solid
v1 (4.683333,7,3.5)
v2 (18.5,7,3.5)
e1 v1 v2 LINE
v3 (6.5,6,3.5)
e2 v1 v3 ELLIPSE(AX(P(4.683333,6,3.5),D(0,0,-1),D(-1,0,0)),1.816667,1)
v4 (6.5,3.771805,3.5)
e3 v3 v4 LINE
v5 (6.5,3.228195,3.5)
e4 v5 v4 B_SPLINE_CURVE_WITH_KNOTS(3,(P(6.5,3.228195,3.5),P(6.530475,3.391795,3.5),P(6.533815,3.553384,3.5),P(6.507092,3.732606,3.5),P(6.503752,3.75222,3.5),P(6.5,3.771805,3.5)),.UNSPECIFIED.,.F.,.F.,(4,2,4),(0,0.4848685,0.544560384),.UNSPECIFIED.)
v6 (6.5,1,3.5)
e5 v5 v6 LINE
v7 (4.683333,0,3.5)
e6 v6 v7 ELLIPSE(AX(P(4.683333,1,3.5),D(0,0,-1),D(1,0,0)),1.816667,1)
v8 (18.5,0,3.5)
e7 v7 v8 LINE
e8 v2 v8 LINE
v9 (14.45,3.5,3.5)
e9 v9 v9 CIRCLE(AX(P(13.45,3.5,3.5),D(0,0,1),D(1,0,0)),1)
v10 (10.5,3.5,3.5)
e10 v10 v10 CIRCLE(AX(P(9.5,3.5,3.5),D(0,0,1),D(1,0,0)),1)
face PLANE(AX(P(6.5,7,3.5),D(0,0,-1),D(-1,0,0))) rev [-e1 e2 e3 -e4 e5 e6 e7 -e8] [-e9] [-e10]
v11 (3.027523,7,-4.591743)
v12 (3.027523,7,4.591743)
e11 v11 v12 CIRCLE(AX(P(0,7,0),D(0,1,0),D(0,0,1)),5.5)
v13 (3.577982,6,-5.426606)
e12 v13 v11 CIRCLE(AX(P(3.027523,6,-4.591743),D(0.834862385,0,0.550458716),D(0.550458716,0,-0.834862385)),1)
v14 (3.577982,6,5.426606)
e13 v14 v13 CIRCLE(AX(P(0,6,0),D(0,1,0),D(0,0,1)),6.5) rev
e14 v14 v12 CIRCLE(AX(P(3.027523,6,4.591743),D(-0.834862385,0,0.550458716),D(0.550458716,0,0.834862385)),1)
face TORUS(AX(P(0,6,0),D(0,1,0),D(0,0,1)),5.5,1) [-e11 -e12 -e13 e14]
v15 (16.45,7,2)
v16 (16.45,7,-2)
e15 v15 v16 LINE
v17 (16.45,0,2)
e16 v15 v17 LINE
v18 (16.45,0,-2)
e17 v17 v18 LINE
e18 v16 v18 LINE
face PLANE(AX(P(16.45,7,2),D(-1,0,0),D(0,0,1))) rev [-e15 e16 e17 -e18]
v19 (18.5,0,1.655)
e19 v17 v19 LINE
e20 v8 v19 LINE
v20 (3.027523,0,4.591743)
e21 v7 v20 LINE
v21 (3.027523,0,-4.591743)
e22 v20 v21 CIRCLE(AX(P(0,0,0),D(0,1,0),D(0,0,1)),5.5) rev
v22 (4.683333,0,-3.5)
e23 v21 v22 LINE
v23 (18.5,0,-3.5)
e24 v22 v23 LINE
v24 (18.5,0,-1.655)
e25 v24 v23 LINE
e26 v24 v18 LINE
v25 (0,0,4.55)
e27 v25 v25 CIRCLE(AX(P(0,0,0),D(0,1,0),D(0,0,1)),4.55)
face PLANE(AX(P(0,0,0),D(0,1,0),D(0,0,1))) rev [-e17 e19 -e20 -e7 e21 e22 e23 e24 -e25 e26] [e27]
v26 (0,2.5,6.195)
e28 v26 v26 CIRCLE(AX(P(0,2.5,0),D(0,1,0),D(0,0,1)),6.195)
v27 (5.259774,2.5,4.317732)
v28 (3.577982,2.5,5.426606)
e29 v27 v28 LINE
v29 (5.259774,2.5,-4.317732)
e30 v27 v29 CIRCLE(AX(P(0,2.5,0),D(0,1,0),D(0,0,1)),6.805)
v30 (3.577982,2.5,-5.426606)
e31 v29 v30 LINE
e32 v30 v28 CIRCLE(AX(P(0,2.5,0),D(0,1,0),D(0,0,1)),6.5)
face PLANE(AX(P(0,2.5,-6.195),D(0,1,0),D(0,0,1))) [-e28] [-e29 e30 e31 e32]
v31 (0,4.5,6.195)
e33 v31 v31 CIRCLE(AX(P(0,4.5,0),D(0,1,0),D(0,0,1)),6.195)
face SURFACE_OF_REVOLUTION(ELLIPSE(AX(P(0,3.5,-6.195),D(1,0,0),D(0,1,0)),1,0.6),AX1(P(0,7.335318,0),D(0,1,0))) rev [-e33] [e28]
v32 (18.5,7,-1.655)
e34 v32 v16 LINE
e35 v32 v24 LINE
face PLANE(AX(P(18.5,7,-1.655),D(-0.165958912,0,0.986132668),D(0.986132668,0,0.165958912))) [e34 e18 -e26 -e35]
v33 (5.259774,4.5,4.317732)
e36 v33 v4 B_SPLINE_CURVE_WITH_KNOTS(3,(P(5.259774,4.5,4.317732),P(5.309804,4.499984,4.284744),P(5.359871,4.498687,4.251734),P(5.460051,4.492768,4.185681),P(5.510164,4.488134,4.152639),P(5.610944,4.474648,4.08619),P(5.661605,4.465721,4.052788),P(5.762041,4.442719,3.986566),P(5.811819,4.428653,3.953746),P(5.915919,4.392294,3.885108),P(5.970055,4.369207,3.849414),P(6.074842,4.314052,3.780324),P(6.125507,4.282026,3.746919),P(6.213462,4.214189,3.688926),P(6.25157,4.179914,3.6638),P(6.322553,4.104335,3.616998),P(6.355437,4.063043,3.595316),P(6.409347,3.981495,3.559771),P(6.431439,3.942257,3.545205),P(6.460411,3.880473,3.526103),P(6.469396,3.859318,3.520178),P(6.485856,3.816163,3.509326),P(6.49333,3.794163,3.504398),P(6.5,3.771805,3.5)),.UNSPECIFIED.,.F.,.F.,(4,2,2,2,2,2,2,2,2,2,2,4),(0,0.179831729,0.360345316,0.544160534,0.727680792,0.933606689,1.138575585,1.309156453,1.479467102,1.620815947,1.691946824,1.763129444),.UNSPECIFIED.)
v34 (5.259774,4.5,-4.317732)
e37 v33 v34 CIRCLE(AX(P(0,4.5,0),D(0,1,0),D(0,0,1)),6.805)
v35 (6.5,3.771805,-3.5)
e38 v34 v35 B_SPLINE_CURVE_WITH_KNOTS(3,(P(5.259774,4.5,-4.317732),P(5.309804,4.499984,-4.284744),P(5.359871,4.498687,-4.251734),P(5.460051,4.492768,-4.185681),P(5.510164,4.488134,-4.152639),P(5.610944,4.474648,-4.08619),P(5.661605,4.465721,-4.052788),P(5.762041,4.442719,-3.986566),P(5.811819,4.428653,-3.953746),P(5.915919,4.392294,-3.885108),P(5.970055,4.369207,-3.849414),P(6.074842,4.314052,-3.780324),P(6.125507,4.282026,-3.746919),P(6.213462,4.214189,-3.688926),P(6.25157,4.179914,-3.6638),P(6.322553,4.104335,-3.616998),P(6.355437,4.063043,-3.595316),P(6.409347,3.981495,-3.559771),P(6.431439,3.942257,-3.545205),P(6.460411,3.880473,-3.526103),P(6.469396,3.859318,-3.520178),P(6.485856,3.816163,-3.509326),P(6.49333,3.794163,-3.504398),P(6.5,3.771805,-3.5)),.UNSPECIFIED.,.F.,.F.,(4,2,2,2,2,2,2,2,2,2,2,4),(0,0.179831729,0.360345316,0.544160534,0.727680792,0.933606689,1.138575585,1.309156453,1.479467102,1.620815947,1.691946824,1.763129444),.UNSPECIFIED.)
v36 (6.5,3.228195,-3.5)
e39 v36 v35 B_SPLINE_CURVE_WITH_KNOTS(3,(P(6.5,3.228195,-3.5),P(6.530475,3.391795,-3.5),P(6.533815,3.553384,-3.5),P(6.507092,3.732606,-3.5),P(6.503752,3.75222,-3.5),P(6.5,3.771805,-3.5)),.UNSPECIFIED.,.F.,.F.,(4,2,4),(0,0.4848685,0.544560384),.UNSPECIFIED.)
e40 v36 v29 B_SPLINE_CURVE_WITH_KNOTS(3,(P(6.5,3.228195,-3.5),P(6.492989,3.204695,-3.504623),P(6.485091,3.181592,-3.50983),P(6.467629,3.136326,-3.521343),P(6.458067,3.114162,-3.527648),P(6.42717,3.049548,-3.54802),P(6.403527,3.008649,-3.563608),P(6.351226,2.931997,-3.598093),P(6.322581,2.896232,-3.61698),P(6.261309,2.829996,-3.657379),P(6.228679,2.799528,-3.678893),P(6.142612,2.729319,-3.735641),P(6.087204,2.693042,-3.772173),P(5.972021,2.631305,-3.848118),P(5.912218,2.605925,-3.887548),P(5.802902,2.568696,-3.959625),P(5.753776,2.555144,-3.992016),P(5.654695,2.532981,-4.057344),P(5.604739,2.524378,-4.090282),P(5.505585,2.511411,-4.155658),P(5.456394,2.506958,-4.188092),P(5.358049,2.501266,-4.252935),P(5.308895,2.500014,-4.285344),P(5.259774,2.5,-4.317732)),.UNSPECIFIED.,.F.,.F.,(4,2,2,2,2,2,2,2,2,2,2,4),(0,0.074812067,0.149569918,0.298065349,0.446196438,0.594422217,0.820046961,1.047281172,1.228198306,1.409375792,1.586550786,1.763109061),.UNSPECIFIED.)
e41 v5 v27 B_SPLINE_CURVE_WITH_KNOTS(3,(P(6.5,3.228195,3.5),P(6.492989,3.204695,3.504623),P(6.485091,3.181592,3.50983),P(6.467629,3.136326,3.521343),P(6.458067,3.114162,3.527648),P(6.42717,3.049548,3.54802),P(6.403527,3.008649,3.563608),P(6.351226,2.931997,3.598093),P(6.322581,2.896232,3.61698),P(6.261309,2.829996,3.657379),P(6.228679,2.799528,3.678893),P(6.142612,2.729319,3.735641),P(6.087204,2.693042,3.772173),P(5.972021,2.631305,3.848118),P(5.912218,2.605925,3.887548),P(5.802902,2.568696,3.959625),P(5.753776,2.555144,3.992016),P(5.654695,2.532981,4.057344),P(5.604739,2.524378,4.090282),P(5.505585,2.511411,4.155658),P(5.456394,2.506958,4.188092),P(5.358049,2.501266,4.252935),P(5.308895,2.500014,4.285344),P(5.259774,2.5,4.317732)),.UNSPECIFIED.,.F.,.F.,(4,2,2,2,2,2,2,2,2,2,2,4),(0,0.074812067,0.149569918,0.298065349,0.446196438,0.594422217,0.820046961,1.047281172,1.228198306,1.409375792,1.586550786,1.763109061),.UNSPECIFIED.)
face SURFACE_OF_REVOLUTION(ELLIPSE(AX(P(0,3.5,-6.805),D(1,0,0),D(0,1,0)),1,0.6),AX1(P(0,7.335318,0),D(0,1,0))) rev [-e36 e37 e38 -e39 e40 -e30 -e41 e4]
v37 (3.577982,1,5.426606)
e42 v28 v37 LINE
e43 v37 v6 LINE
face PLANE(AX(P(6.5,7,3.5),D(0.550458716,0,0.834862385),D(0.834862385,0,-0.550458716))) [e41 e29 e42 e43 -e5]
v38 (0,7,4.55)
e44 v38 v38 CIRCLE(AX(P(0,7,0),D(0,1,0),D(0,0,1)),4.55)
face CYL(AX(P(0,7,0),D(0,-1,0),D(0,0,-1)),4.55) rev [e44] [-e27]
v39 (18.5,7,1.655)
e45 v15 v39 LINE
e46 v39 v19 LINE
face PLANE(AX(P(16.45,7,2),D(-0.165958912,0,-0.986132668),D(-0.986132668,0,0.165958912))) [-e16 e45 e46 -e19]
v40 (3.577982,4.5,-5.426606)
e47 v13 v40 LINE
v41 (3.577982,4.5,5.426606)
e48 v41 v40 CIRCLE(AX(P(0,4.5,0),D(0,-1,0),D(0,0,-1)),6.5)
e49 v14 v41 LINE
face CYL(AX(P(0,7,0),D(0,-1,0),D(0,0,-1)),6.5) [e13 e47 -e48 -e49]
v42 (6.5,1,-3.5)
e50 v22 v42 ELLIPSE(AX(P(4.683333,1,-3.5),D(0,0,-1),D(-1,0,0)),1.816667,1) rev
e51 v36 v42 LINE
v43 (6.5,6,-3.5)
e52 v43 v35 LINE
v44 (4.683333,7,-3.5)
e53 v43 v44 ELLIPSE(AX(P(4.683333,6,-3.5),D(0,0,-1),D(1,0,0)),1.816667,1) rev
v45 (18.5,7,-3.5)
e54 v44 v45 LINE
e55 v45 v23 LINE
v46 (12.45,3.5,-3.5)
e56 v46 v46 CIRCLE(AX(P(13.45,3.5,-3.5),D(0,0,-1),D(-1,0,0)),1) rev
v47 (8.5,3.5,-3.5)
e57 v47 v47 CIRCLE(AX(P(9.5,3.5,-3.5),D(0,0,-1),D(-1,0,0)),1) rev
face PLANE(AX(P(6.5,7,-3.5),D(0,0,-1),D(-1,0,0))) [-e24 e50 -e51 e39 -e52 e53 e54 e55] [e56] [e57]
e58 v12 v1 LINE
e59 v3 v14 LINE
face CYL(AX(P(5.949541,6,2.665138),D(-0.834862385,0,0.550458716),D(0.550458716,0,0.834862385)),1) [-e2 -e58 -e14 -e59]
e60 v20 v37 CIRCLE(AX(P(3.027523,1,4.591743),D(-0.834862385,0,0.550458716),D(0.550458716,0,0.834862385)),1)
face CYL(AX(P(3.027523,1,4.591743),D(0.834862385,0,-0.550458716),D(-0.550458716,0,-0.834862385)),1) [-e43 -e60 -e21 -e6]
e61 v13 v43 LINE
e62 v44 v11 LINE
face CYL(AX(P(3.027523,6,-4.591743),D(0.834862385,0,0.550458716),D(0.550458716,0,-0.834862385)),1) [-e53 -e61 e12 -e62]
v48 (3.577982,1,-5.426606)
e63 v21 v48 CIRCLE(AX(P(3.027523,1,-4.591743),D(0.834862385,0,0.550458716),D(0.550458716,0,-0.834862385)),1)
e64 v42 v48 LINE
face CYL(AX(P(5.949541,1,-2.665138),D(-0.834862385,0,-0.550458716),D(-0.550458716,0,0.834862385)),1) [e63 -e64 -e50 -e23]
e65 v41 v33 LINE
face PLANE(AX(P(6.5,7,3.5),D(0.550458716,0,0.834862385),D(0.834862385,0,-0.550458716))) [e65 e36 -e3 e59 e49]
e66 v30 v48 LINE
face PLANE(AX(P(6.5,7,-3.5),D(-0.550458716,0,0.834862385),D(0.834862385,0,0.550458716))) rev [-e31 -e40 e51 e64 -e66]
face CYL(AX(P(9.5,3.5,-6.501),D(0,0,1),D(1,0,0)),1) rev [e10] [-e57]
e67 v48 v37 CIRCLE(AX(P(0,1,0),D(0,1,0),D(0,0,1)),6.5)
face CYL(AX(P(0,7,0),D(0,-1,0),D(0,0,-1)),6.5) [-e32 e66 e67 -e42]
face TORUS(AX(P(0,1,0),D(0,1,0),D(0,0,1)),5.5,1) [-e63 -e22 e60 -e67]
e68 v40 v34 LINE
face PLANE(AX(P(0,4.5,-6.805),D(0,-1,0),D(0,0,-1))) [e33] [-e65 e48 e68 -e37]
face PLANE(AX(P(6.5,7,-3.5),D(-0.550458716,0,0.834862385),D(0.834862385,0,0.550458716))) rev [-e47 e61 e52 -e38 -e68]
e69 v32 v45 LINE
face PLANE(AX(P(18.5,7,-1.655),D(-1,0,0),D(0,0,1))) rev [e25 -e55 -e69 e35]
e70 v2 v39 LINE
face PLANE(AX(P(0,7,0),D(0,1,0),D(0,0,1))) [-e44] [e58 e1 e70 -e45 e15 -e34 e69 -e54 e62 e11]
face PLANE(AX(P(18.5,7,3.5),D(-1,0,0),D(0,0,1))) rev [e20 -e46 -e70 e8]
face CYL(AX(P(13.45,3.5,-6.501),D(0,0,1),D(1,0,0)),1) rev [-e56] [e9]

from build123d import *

# Parameters (mm, degrees)
SKETCH1_R           = 4.55
BOSS_EXTRUDE2_DEPTH = 7
CUT_EXTRUDE1_REACH  = 24.164
SKETCH3_R           = 1
FILLET4_R           = 1


with BuildPart() as part:
    # Sketch1 → Boss-Extrude2 (new body)
    with BuildSketch(Plane(origin=(0, 0, 0), x_dir=(1, 0, 0), z_dir=(0, 1, 0))):
        with BuildLine():
            Line((6.5, 3.5), (3.577981651, 5.426605505))
            ThreePointArc((3.577981651, 5.426605505), (-6.5, 0), (3.577981651, -5.426605505))
            Line((3.577981651, -5.426605505), (6.5, -3.5))
            Line((6.5, -3.5), (18.5, -3.5))
            Line((18.5, -3.5), (18.5, -1.655))
            Line((18.5, -1.655), (16.45, -2))
            Line((16.45, -2), (16.45, 2))
            Line((16.45, 2), (18.5, 1.655))
            Line((18.5, 1.655), (18.5, 3.5))
            Line((18.5, 3.5), (6.5, 3.5))
        make_face()
        with Locations(Location((0, 0, 0), (0, 0, 270))):
            Circle(SKETCH1_R, mode=Mode.SUBTRACT)
    extrude(amount=BOSS_EXTRUDE2_DEPTH)

    # Sketch2 → Cut-Revolve1 (revolve, cut)
    with BuildSketch(Plane(origin=(0, 0, 0), x_dir=(0, -1, 0), z_dir=(1, 0, 0))):
        with BuildLine():
            Line((-4.5, 6.805), (-4.5, 6.195))
            add(Edge.make_bspline(
                [(-4.5, 6.195), (-4.5, 5.595), (-3.5, 5.595), (-2.5, 5.595), (-2.5, 6.195)],
                knots=[0, 0, 0, 1.570796327, 1.570796327, 3.141592654, 3.141592654, 3.141592654], degree=2, weights=[1, 0.707106781, 1, 0.707106781, 1]))
            Line((-2.5, 6.195), (-2.5, 6.805))
            add(Edge.make_bspline(
                [(-2.5, 6.805), (-2.499999858, 7.405000085), (-3.5, 7.405000085), (-4.500000142, 7.405000085), (-4.5, 6.805)],
                knots=[3.141592512, 3.141592512, 3.141592512, 4.71238898, 4.71238898, 6.283185449, 6.283185449, 6.283185449], degree=2, weights=[1, 0.707106731, 1, 0.707106731, 1]))
        make_face()
    revolve(axis=Axis((0, 7.335318457, 0), (0, -1, 0)), mode=Mode.SUBTRACT)

    # Sketch3 → Cut-Extrude1 (cut, up to next)
    with BuildSketch(Plane.XY.offset(3.5), mode=Mode.PRIVATE) as cut_extrude1_sk1:
        with Locations((13.45, 3.5)):
            Circle(SKETCH3_R)
    cut_extrude1_tool1 = extrude(cut_extrude1_sk1.sketch, amount=-CUT_EXTRUDE1_REACH, mode=Mode.PRIVATE) & part.part
    # Sketch3 → Cut-Extrude1 (cut, up to next)
    with BuildSketch(Plane.XY.offset(3.5), mode=Mode.PRIVATE) as cut_extrude1_sk2:
        with Locations((9.5, 3.5)):
            Circle(SKETCH3_R)
    cut_extrude1_tool2 = extrude(cut_extrude1_sk2.sketch, amount=-CUT_EXTRUDE1_REACH, mode=Mode.PRIVATE) & part.part
    add(cut_extrude1_tool1.solids().sort_by_distance((13.45, 3.5, 3.5))[0], mode=Mode.SUBTRACT)
    add(cut_extrude1_tool2.solids().sort_by_distance((9.5, 3.5, 3.5))[0], mode=Mode.SUBTRACT)

    # Fillet4
    fillet4_edges = [part.edges().sort_by_distance(p)[0] for p in [
        (5.038990826, 7, -4.463302752),
        (5.038990826, 0, -4.463302752),
        (-6.5, 0, 0),
        (5.038990826, 0, 4.463302752),
        (5.038990826, 7, 4.463302752),
        (-6.5, 7, 0),
    ]]
    fillet(fillet4_edges, radius=FILLET4_R)


solid = part.part
